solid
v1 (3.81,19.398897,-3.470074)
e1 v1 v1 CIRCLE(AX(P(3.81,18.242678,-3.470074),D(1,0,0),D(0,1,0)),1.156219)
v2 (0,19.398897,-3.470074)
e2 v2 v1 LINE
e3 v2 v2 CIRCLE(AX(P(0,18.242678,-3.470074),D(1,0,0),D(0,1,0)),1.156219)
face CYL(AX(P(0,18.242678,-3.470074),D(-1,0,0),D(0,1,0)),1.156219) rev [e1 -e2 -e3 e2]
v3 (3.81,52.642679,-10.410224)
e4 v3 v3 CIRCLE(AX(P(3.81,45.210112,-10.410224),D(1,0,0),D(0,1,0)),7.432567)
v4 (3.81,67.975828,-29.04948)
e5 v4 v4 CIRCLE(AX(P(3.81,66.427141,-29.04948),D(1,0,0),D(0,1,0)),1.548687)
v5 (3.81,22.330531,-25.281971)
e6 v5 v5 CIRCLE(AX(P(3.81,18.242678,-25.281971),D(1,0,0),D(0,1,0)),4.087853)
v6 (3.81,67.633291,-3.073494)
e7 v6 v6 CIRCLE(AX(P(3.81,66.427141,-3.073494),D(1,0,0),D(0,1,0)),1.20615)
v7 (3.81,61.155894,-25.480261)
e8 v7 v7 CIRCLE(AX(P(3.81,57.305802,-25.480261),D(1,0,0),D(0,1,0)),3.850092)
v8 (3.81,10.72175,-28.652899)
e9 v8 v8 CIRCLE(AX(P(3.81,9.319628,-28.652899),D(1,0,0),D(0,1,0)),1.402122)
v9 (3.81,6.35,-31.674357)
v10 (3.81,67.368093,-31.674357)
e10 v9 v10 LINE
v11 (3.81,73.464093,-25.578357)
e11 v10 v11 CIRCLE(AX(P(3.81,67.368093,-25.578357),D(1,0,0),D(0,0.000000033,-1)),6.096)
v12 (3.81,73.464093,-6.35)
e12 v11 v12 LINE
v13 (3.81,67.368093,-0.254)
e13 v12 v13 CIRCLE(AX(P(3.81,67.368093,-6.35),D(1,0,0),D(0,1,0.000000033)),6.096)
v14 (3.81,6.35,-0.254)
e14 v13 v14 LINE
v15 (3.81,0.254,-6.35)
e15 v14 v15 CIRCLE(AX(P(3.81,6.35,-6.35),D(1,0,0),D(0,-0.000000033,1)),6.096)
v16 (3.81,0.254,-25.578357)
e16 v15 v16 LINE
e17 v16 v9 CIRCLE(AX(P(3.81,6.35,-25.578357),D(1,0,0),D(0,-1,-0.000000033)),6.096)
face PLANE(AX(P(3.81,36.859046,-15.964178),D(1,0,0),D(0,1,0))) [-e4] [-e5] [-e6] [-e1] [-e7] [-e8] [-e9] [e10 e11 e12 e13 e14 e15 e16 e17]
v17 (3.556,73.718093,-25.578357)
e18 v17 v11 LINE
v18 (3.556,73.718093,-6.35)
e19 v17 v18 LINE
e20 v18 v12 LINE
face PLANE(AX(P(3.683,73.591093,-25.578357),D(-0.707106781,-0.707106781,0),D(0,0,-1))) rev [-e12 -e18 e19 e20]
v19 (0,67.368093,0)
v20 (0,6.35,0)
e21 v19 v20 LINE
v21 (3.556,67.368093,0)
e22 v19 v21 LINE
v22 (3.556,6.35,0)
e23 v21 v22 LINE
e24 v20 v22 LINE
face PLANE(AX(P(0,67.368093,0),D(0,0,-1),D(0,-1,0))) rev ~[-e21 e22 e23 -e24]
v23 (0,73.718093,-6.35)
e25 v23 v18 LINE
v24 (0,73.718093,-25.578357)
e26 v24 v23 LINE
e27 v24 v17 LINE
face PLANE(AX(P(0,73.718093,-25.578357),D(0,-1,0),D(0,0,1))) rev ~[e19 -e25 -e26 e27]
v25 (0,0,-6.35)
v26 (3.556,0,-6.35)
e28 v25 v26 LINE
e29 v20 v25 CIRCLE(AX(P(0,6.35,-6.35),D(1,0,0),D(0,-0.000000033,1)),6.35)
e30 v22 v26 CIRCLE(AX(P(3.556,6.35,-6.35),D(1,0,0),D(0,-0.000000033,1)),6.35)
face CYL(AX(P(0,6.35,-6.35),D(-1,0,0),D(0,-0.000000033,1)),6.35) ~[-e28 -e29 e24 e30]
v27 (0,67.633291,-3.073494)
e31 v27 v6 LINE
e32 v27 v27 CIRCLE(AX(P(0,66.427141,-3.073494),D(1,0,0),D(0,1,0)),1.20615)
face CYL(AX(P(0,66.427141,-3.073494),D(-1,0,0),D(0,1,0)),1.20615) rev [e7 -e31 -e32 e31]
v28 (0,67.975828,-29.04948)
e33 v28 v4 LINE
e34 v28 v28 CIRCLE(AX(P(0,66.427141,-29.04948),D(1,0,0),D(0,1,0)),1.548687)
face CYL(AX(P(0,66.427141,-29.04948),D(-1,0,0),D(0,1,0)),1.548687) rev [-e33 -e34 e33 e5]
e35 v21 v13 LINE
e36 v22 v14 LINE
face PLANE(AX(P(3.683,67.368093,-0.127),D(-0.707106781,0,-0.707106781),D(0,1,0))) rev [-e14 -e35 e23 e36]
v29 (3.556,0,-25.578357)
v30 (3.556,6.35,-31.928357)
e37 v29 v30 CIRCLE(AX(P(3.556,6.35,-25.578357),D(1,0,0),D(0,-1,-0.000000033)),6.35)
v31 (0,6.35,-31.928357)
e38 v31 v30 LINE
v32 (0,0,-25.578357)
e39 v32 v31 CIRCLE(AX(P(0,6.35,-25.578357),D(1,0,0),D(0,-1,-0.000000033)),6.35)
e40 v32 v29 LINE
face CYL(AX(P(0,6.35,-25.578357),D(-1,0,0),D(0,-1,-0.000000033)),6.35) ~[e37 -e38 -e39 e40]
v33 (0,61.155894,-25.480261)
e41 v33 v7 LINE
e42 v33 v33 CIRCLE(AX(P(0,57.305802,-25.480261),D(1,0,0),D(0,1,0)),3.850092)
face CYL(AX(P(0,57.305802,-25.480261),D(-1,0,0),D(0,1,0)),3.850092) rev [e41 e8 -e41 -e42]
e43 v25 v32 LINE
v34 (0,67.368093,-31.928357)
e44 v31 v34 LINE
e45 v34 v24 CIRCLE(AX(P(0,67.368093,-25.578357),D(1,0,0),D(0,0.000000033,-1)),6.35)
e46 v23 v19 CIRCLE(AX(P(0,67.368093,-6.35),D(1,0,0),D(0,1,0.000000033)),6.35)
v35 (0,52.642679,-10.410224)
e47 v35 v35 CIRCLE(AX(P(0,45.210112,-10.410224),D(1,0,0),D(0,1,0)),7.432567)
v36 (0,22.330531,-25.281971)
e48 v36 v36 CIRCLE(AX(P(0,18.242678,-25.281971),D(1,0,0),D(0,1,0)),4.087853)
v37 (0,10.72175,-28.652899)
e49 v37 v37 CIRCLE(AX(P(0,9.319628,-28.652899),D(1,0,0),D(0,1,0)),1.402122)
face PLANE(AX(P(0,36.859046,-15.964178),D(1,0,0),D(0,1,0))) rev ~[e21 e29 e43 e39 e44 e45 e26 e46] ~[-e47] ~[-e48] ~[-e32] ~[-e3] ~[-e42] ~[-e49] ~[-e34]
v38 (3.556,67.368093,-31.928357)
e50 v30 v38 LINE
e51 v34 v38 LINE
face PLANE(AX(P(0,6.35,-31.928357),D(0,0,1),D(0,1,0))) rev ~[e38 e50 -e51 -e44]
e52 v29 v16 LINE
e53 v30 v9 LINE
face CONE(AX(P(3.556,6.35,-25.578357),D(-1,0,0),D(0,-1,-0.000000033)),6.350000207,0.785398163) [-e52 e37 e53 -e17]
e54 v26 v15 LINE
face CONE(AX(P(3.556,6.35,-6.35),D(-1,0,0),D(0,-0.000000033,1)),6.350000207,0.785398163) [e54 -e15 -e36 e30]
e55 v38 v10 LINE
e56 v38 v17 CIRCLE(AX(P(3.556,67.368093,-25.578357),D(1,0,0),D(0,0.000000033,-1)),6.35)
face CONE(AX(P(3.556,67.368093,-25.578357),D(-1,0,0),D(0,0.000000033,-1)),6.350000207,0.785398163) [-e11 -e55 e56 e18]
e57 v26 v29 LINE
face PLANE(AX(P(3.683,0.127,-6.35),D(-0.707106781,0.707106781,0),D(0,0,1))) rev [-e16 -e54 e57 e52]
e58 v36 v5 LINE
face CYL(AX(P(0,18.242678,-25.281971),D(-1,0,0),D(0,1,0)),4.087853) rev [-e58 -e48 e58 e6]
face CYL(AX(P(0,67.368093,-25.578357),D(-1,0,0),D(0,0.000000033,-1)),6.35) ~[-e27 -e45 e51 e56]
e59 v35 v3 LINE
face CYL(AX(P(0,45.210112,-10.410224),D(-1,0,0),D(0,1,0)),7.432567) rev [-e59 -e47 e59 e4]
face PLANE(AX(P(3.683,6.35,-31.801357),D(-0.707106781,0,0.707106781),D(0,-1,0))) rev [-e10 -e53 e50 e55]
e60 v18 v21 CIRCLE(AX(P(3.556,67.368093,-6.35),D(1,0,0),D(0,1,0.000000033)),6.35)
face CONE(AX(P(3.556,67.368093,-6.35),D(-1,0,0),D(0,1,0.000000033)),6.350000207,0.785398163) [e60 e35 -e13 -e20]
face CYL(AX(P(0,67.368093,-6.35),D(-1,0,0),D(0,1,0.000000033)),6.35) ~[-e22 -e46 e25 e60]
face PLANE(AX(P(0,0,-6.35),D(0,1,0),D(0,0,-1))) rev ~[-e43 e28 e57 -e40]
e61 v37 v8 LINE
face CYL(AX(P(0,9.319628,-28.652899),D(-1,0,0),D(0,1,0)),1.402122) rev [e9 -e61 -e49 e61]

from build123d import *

# Parameters (mm, degrees)
F0_R     = 1.402122
F0_R_2   = 4.087853
F0_R_3   = 1.548687
F0_R_4   = 3.850092
F0_R_5   = 1.156219
F0_R_6   = 7.432567
F0_R_7   = 1.20615
F1_DEPTH = 3.81
F2_SIZE  = 0.254


with BuildPart() as f1:
    # F0 (on Right) → F1 (new body)
    with BuildSketch(Plane.YZ):
        with BuildLine():
            Line((67.368093, 0), (6.35, 0))
            ThreePointArc((6.35, 0), (1.859872, -1.859872), (0, -6.35))
            Line((0, -6.35), (0, -25.578357))
            ThreePointArc((0, -25.578357), (1.859872, -30.068485), (6.35, -31.928357))
            Line((6.35, -31.928357), (16.586564, -31.928357))
            Line((16.586564, -31.928357), (67.368093, -31.928357))
            ThreePointArc((67.368093, -31.928357), (71.858221, -30.068485), (73.718093, -25.578357))
            Line((73.718093, -25.578357), (73.718093, -6.35))
            ThreePointArc((73.718093, -6.35), (71.858221, -1.859872), (67.368093, 0))
        make_face()
        with Locations((9.319628, -28.652899)):
            Circle(F0_R, mode=Mode.SUBTRACT)
        with Locations((18.242678, -25.281971)):
            Circle(F0_R_2, mode=Mode.SUBTRACT)
        with Locations((66.427141, -29.04948)):
            Circle(F0_R_3, mode=Mode.SUBTRACT)
        with Locations((57.305802, -25.480261)):
            Circle(F0_R_4, mode=Mode.SUBTRACT)
        with Locations((18.242678, -3.470074)):
            Circle(F0_R_5, mode=Mode.SUBTRACT)
        with Locations((45.210112, -10.410224)):
            Circle(F0_R_6, mode=Mode.SUBTRACT)
        with Locations((66.427141, -3.073494)):
            Circle(F0_R_7, mode=Mode.SUBTRACT)
    extrude(amount=F1_DEPTH)

    # F2
    f2_edges = [f1.edges().sort_by_distance(p)[0] for p in [
        (3.81, 36.859047, 0),
        (3.81, 1.859872, -1.859872),
        (3.81, 0, -15.964178),
        (3.81, 1.859872, -30.068485),
        (3.81, 36.859047, -31.928357),
        (3.81, 71.858221, -30.068485),
        (3.81, 73.718093, -15.964178),
        (3.81, 71.858221, -1.859872),
    ]]
    chamfer(f2_edges, length=F2_SIZE)


solid = f1.part
